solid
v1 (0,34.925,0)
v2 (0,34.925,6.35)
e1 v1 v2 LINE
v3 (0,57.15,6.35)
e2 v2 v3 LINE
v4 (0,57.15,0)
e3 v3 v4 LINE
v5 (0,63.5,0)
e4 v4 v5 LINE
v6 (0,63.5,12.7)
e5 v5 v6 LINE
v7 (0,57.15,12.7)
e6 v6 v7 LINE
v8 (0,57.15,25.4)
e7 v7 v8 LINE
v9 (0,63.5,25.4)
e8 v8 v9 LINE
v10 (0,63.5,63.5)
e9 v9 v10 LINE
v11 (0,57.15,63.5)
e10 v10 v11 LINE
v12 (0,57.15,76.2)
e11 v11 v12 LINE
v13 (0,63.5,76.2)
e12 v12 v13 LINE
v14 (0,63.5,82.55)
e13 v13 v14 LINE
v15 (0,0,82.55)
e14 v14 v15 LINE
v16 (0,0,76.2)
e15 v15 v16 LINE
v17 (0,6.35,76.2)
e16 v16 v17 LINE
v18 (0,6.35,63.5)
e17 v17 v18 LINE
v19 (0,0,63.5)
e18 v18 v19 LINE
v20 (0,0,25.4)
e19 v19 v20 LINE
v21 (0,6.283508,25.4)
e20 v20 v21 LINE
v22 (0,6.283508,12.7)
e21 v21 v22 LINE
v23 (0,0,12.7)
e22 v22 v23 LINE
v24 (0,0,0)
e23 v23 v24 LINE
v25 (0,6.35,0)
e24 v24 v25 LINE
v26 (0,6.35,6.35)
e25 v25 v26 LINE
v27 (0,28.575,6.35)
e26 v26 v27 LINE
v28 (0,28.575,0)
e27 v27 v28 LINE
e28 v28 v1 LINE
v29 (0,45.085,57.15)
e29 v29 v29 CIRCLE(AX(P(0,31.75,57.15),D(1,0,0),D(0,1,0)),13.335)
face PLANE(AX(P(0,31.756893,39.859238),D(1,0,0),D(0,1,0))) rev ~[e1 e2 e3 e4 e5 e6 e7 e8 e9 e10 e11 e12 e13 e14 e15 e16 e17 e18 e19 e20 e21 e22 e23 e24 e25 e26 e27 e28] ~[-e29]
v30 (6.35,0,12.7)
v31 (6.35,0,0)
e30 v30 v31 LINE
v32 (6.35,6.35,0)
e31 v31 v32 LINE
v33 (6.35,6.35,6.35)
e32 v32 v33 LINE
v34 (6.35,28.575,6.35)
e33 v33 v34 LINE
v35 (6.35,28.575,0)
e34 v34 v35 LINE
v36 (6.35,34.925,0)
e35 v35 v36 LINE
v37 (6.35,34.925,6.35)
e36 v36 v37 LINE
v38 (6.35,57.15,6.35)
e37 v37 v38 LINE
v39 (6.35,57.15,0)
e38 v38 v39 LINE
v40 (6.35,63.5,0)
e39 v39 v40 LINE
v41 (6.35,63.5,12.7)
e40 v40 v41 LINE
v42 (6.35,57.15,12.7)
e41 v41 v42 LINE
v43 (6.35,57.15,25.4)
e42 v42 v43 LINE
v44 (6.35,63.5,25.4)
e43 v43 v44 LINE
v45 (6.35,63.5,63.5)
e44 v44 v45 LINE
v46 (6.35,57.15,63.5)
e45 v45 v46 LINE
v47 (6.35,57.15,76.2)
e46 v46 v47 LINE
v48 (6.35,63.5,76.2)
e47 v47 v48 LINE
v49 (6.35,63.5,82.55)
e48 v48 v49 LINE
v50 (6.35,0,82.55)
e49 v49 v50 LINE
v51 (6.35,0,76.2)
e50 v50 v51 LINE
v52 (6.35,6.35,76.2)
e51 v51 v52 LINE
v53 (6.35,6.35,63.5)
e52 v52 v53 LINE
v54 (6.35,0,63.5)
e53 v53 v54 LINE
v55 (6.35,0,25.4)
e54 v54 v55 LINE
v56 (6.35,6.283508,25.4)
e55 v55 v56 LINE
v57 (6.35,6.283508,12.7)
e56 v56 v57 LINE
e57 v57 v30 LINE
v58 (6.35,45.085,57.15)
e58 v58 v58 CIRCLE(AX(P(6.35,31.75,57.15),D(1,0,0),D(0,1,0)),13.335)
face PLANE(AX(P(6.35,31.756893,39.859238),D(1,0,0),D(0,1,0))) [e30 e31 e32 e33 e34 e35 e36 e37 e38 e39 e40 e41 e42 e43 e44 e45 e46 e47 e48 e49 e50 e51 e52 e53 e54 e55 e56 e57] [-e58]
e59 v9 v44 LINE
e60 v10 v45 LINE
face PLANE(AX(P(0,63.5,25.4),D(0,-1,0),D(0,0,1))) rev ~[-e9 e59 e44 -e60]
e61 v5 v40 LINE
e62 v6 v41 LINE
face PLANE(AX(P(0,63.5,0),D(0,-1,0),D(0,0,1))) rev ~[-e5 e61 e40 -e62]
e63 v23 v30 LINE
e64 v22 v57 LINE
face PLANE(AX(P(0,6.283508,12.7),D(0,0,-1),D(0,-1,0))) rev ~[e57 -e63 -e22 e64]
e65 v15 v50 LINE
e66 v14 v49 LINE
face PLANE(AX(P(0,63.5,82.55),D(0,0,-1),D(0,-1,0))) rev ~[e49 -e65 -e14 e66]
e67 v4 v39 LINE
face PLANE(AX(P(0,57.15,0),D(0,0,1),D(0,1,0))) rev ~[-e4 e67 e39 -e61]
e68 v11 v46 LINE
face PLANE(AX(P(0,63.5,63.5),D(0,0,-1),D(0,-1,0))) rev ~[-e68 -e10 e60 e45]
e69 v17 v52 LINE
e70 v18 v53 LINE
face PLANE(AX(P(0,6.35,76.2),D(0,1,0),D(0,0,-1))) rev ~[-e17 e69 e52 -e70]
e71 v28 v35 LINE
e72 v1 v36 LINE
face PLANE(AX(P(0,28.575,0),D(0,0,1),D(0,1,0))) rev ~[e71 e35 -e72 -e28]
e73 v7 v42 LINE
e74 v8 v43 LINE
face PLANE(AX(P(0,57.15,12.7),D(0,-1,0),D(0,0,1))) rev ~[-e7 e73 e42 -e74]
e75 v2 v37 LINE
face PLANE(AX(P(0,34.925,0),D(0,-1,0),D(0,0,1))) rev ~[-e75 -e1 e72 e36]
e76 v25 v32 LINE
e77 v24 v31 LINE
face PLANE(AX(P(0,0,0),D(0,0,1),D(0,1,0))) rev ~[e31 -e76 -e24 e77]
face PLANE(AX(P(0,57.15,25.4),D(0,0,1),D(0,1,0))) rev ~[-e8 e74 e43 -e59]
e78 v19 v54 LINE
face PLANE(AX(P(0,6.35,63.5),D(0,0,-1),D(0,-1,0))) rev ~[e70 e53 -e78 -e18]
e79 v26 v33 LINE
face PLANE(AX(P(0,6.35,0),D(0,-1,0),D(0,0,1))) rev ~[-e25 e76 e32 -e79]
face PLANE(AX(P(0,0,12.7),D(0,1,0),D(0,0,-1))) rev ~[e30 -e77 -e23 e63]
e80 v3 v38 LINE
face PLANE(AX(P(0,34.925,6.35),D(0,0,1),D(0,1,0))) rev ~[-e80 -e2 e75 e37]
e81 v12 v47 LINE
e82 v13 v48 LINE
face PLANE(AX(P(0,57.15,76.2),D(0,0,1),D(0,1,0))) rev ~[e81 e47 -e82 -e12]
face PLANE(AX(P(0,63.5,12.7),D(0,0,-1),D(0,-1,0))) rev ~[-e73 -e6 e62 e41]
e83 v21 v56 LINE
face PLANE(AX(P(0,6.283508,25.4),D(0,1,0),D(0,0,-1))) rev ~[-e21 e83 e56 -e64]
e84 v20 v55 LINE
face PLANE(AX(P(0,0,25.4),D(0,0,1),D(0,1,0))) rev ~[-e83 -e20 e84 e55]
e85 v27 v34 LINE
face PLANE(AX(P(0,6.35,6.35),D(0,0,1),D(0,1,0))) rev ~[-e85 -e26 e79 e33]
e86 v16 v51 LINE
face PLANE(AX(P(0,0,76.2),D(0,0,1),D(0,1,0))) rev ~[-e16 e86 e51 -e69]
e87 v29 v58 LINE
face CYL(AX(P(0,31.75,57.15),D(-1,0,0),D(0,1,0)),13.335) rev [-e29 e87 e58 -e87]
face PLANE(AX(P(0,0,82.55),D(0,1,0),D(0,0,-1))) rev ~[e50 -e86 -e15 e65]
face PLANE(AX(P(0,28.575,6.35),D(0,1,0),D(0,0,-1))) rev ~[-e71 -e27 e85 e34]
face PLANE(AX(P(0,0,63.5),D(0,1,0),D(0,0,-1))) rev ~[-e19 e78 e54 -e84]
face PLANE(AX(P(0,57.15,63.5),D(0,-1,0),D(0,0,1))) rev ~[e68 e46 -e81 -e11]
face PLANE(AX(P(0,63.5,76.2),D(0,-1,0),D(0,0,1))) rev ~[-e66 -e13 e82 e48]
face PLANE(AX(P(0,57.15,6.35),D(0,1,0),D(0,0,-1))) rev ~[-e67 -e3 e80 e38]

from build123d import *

# Parameters (mm, degrees)
F0_R     = 13.335
F1_DEPTH = 6.35


with BuildPart() as f1:
    # F0 (on Right) → F1 (new body)
    with BuildSketch(Plane.YZ):
        Polygon((0, 12.7), (0, 0), (6.35, 0), (6.35, 6.35), (28.575, 6.35), (28.575, 0), (34.925, 0), (34.925, 6.35), (57.15, 6.35), (57.15, 0), (63.5, 0), (63.5, 12.7), (57.15, 12.7), (57.15, 25.4), (63.5, 25.4), (63.5, 63.5), (57.15, 63.5), (57.15, 76.2), (63.5, 76.2), (63.5, 82.55), (0, 82.55), (0, 76.2), (6.35, 76.2), (6.35, 63.5), (0, 63.5), (0, 25.4), (6.283508, 25.4), (6.283508, 12.7), align=None)
        with Locations((31.75, 57.15)):
            Circle(F0_R, mode=Mode.SUBTRACT)
    extrude(amount=F1_DEPTH)


solid = f1.part
